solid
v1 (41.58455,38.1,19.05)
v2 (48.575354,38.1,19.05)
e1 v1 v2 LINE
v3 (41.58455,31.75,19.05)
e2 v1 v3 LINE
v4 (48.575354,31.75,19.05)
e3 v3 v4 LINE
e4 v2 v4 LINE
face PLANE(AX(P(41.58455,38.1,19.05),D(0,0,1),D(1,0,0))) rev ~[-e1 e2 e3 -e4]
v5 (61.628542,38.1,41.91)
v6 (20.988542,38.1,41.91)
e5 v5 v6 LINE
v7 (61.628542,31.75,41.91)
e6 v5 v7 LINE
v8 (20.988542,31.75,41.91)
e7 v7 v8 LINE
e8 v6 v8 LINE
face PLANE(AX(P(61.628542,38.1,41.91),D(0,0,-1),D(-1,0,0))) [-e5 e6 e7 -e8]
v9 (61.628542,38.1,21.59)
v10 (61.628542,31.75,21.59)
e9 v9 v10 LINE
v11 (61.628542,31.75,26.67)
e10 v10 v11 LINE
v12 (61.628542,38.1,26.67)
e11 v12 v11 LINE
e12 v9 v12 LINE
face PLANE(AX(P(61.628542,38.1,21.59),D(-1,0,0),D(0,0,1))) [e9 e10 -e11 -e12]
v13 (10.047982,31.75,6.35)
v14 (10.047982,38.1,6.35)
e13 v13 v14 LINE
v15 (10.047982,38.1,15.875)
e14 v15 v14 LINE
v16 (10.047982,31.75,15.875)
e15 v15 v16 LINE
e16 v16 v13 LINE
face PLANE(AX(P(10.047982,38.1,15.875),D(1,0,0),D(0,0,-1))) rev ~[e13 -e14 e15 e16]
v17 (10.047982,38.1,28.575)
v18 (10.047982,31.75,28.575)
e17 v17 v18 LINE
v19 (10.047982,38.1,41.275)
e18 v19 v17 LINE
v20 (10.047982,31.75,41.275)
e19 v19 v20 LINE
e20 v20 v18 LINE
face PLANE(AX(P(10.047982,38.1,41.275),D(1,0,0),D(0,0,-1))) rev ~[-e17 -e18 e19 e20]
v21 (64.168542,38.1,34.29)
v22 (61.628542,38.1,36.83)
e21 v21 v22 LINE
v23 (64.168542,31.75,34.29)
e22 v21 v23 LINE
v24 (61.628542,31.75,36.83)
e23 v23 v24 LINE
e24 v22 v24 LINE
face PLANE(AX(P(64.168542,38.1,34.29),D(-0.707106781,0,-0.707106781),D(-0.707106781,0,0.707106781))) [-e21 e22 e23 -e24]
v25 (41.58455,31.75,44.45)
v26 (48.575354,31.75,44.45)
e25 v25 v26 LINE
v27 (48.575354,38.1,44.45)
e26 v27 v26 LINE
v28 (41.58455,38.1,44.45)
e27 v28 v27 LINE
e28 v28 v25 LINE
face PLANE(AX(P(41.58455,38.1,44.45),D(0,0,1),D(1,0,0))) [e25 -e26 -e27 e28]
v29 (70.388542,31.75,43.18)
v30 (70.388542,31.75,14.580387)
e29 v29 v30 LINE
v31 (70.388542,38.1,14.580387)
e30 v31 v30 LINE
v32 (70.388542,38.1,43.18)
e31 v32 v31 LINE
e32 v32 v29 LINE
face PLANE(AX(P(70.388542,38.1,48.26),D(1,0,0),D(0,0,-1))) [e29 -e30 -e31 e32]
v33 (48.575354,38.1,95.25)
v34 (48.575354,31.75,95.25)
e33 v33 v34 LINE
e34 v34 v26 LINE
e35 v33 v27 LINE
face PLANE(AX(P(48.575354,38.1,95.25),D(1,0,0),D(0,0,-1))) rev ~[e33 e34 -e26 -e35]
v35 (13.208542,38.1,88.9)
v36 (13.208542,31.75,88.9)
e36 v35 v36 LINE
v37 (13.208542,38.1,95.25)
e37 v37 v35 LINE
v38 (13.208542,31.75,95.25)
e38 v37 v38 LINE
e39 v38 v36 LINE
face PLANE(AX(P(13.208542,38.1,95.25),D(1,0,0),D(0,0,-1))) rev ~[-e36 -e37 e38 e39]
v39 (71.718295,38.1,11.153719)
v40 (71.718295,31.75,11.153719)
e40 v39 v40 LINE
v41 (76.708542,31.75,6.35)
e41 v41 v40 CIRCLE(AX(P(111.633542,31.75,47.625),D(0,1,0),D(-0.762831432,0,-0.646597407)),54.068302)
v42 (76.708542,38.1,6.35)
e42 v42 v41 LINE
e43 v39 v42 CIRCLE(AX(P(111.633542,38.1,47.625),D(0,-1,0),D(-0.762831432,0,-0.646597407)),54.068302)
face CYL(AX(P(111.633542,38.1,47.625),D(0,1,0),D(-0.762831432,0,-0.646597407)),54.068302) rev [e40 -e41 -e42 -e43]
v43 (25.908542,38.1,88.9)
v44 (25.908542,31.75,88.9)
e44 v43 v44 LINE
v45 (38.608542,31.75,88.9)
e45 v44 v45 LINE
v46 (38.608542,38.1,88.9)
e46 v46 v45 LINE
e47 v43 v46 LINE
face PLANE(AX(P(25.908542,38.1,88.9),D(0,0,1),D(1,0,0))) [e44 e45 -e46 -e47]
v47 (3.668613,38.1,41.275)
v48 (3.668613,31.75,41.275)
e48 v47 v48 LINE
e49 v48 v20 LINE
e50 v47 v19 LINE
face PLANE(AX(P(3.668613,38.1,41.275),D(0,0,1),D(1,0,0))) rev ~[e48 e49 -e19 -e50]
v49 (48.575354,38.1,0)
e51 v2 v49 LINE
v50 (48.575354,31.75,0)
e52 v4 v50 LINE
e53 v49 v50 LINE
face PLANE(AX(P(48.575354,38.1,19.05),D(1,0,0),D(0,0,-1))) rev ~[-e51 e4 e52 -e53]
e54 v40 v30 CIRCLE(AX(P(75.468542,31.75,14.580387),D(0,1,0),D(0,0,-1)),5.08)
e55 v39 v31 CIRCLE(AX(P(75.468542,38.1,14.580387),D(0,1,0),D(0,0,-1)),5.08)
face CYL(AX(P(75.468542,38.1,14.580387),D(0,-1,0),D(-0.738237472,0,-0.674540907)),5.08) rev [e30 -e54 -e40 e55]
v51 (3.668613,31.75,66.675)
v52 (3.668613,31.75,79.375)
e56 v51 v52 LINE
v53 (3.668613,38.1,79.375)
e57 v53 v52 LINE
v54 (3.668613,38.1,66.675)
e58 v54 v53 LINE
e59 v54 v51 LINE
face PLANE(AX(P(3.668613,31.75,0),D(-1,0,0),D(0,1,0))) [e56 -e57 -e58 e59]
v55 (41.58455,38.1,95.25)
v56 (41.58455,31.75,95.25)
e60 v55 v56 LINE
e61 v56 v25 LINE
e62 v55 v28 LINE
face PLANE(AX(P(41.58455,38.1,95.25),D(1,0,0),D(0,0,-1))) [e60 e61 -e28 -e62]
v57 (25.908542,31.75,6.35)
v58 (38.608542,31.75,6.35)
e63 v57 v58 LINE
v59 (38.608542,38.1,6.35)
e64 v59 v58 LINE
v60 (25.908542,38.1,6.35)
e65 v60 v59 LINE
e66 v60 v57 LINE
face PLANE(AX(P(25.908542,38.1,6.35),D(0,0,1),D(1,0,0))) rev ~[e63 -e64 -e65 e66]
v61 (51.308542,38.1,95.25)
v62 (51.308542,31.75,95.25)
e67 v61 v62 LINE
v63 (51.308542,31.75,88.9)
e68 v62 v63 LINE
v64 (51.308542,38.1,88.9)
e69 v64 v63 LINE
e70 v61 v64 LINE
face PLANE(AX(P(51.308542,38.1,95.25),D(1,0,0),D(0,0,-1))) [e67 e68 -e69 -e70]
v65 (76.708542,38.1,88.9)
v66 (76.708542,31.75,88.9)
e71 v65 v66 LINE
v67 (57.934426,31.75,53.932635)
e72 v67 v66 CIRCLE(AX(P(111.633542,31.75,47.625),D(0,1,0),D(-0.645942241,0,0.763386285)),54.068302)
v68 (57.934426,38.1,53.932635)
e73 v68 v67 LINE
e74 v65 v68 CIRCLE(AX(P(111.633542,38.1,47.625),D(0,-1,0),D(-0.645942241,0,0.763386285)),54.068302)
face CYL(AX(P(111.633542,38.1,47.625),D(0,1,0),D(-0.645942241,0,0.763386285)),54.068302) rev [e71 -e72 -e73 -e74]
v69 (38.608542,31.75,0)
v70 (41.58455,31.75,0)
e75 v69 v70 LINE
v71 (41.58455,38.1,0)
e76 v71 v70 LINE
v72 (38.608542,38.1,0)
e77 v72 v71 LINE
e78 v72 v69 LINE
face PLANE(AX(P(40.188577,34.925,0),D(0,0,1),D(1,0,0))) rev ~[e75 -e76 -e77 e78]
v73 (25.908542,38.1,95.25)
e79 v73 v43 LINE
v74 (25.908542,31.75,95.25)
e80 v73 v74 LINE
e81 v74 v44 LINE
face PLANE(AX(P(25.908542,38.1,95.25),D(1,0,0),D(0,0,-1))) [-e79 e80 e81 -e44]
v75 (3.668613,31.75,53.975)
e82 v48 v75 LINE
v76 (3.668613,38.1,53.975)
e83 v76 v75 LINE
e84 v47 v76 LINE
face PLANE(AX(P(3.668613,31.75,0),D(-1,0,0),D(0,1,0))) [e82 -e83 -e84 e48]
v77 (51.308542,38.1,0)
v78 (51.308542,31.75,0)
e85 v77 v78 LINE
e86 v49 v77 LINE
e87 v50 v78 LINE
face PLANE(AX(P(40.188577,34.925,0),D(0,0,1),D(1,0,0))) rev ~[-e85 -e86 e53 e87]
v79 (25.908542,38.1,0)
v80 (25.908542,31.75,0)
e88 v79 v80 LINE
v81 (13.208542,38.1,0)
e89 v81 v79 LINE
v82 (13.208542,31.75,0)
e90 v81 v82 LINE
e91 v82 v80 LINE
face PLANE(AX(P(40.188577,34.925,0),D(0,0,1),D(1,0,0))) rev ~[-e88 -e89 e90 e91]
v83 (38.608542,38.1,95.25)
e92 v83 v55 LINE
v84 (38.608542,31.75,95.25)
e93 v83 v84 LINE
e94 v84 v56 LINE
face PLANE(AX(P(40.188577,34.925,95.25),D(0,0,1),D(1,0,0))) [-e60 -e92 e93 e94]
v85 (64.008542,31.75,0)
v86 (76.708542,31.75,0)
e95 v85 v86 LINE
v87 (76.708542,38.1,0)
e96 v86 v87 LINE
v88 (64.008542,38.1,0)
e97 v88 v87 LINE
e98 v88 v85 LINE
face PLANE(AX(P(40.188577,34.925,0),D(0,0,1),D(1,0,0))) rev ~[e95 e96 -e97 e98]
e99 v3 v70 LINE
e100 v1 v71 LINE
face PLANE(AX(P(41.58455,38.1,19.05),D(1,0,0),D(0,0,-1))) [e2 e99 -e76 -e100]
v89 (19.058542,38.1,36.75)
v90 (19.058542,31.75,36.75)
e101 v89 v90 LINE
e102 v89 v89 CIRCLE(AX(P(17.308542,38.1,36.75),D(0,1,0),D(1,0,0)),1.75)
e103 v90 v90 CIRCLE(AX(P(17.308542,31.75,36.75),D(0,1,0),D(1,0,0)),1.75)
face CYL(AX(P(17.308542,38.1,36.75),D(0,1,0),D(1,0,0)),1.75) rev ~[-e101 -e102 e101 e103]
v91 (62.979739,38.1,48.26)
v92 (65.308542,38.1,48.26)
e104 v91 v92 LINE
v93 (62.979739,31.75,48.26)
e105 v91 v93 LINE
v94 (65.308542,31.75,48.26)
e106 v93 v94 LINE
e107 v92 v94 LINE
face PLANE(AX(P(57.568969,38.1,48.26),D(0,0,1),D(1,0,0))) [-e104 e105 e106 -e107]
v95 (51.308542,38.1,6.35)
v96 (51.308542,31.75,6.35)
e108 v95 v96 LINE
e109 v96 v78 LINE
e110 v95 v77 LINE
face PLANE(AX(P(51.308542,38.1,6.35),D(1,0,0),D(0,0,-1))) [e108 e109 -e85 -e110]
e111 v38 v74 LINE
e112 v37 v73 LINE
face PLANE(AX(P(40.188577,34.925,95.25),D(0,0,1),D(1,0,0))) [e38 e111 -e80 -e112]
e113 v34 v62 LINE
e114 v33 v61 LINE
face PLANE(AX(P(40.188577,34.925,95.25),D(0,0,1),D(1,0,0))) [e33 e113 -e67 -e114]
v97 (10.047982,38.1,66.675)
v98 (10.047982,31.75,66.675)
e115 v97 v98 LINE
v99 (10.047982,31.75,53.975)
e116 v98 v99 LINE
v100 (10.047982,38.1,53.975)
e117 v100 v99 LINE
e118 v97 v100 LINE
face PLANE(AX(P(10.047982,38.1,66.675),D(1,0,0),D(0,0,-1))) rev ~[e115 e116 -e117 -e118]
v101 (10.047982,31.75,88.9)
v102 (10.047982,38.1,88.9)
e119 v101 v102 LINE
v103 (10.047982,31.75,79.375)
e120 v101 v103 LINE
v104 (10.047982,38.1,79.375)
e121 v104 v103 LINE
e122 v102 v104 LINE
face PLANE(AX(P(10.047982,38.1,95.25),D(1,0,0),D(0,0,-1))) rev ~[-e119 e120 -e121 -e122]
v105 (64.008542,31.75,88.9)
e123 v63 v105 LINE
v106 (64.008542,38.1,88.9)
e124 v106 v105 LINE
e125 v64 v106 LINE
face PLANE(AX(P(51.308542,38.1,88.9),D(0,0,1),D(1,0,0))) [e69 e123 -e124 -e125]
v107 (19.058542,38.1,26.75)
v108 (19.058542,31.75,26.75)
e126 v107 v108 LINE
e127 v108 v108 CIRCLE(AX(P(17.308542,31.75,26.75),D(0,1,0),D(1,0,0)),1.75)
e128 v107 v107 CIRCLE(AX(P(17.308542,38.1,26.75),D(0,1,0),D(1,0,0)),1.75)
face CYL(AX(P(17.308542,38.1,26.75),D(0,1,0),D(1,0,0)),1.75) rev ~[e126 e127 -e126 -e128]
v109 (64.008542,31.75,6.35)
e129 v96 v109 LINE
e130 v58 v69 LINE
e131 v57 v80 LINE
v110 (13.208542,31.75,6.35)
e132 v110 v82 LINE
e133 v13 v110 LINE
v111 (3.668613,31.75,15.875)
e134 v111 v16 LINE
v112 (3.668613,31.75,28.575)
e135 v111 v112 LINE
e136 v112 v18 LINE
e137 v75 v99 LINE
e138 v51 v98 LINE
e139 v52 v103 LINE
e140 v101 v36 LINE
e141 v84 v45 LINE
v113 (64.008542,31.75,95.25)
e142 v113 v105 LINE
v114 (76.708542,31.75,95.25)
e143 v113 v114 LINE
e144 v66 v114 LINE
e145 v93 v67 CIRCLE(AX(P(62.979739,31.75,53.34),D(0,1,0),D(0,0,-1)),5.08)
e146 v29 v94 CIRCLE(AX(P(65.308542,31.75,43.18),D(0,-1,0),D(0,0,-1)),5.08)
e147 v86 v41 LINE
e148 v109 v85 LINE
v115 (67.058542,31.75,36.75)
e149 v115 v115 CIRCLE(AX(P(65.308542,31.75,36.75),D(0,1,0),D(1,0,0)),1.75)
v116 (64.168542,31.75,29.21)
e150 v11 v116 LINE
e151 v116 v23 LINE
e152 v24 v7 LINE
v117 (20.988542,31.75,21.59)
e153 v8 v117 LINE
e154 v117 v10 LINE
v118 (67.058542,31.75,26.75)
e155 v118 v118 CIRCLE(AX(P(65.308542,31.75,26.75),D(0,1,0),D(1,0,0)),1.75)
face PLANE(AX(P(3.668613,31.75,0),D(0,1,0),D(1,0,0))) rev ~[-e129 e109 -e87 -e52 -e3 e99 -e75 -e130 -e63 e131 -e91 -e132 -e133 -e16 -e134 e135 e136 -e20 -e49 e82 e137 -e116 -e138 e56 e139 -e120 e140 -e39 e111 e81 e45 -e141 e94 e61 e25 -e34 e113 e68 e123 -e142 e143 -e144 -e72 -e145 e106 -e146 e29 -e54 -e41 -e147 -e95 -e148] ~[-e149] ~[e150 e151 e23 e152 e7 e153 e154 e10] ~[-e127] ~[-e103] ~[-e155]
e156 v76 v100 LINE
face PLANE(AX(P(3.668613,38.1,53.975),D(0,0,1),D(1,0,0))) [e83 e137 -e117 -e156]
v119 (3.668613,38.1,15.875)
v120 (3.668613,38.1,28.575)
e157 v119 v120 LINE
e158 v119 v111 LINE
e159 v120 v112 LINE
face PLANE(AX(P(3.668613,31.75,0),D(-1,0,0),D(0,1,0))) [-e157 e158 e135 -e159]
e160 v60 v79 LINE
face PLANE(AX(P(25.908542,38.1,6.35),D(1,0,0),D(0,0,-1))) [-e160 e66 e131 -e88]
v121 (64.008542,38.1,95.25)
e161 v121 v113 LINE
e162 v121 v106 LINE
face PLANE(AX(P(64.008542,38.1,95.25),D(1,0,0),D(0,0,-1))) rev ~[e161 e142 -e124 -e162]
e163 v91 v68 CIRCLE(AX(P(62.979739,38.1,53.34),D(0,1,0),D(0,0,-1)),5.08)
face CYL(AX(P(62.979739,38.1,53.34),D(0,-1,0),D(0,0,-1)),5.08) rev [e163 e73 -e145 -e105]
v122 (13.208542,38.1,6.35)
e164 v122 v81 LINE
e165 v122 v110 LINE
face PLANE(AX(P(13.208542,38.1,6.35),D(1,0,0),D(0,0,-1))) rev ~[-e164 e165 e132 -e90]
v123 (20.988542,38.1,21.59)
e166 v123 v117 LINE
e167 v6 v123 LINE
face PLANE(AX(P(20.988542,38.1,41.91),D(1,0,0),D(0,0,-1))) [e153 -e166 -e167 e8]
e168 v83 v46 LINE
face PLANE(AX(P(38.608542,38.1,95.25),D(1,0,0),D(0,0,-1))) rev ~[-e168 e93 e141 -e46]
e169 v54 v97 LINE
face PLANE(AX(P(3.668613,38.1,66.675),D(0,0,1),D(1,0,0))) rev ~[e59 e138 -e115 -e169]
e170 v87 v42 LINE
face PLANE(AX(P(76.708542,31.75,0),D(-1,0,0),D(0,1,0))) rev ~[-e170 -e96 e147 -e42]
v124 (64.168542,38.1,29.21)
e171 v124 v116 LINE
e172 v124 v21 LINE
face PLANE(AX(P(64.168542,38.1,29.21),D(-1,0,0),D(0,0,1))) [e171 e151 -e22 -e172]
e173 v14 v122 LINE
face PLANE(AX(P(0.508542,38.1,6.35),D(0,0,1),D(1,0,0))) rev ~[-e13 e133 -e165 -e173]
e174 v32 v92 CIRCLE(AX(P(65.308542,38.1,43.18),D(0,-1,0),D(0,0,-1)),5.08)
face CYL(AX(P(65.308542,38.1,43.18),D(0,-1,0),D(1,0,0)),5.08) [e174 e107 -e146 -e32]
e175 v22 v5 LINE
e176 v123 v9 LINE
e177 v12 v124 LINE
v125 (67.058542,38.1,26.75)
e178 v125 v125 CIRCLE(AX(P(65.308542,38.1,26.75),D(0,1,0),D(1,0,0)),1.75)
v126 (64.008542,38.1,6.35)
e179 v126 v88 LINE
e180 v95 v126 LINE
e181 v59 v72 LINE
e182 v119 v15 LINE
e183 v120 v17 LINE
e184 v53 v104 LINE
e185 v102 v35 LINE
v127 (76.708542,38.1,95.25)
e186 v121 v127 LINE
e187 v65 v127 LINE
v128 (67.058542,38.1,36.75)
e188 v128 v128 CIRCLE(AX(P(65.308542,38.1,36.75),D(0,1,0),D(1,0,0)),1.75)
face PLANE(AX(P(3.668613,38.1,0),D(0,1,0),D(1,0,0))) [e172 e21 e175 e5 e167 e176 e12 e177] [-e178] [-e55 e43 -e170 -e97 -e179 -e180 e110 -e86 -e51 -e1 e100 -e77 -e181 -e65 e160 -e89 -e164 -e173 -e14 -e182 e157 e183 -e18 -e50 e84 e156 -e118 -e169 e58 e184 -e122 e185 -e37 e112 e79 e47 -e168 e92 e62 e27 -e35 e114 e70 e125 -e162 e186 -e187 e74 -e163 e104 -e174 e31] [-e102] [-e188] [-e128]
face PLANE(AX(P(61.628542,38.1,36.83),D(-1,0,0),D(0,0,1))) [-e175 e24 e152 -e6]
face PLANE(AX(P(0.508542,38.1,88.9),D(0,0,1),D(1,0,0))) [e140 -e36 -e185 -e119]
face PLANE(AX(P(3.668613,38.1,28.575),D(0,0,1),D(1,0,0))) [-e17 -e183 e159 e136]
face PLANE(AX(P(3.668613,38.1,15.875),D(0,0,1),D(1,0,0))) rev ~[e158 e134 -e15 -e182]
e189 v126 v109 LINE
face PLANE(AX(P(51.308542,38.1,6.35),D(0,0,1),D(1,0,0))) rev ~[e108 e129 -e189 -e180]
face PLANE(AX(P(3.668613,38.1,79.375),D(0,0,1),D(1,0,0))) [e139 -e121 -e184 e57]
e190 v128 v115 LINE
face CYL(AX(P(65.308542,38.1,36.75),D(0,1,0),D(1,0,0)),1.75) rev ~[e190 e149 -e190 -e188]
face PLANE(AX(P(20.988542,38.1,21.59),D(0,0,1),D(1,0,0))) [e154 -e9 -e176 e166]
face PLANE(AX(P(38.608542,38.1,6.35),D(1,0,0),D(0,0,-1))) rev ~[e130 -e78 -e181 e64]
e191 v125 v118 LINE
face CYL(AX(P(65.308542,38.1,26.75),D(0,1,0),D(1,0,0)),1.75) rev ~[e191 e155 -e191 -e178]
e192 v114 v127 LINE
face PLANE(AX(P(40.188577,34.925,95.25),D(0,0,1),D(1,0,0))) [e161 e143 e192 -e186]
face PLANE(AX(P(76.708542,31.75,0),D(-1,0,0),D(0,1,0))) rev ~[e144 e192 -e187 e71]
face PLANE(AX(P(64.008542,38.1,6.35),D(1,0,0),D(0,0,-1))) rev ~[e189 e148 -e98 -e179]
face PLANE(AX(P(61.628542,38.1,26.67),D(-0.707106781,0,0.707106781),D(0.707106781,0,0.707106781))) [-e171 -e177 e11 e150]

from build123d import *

# Parameters (mm, degrees)
SKETCH2_W           = 73.039929049
SKETCH2_H           = 6.35
BOSS_EXTRUDE1_DEPTH = 95.25
SKETCH3_R           = 1.75
CUT_EXTRUDE1_DEPTH  = 7.35
CUT_EXTRUDE2_DEPTH  = 7.35
FILLET1_R           = 5.08
SKETCH8_W           = 6.990804807
SKETCH8_H           = 19.05
SKETCH8_H_2         = 50.8
CUT_EXTRUDE3_DEPTH  = 7.35
SKETCH9_W           = 12.7
SKETCH9_H           = 6.35
CUT_EXTRUDE4_DEPTH  = 7.35
LPATTERN1_COUNT     = 8
LPATTERN1_PITCH     = 25.4
SKETCH10_W          = 6.379369351
SKETCH10_H          = 15.875
SKETCH10_H_2        = 12.7
CUT_EXTRUDE5_DEPTH  = 7.35


with BuildPart() as part:
    # Sketch2 → Boss-Extrude1 (new body)
    with BuildSketch(Plane.XY):
        with Locations((40.188577261, 34.925)):
            Rectangle(SKETCH2_W, SKETCH2_H)
    extrude(amount=BOSS_EXTRUDE1_DEPTH)

    # Sketch3 → Cut-Extrude1 (cut, through all)
    with BuildSketch(Plane(origin=(0, 38.1, 0), x_dir=(1, 0, 0), z_dir=(0, 1, 0))):
        with Locations((17.308541785, -26.75)):
            Circle(SKETCH3_R)
        with Locations((17.308541785, -36.75)):
            Circle(SKETCH3_R)
        with Locations((65.308541785, -36.75)):
            Circle(SKETCH3_R)
        with Locations((65.308541785, -26.75)):
            Circle(SKETCH3_R)
        Polygon((64.168541785, -29.21), (64.168541785, -34.29), (61.628541785, -36.83), (61.628541785, -41.91), (20.988541785, -41.91), (20.988541785, -21.59), (61.628541785, -21.59), (61.628541785, -26.67), align=None)
    extrude(amount=-CUT_EXTRUDE1_DEPTH, mode=Mode.SUBTRACT)

    # Sketch6 → Cut-Extrude2 (cut, through all)
    with BuildSketch(Plane(origin=(0, 38.1, 0), x_dir=(1, 0, 0), z_dir=(0, 1, 0))):
        with BuildLine():
            Line((57.56896905, -48.26), (70.388541785, -48.26))
            Line((70.388541785, -48.26), (70.388541785, -12.664576304))
            ThreePointArc((70.388541785, -12.664576304), (73.417894551, -9.376528703), (76.708541785, -6.35))
            Line((76.708541785, -6.35), (76.708541785, -88.9))
            ThreePointArc((76.708541785, -88.9), (62.718427414, -70.661771391), (57.56896905, -48.26))
        make_face()
    extrude(amount=-CUT_EXTRUDE2_DEPTH, mode=Mode.SUBTRACT)

    # Fillet1
    fillet1_edges = [part.edges().sort_by_distance(p)[0] for p in [
        (57.56896905, 34.925, 48.26),
        (70.388541785, 34.925, 48.26),
        (70.388541785, 34.925, 12.664576304),
    ]]
    fillet(fillet1_edges, radius=FILLET1_R)

    # Sketch8 → Cut-Extrude3 (cut, through all)
    with BuildSketch(Plane(origin=(0, 38.1, 0), x_dir=(1, 0, 0), z_dir=(0, 1, 0))):
        with Locations((45.079952064, -9.525)):
            Rectangle(SKETCH8_W, SKETCH8_H)
        with Locations((45.079952064, -69.85)):
            Rectangle(SKETCH8_W, SKETCH8_H_2)
    extrude(amount=-CUT_EXTRUDE3_DEPTH, mode=Mode.SUBTRACT)

    # Sketch9 → Cut-Extrude4 (cut, through all)
    with BuildSketch(Plane(origin=(0, 38.1, 0), x_dir=(1, 0, 0), z_dir=(0, 1, 0))):
        with Locations((57.658541785, -3.175)):
            Rectangle(SKETCH9_W, SKETCH9_H)
        with Locations((57.658541785, -92.075)):
            Rectangle(SKETCH9_W, SKETCH9_H)
    cut_extrude4 = extrude(amount=-CUT_EXTRUDE4_DEPTH, mode=Mode.SUBTRACT)

    # LPattern1: Cut-Extrude4 ×8
    with Locations(*[(-i * LPATTERN1_PITCH, 0, 0) for i in range(1, LPATTERN1_COUNT)]):
        add(cut_extrude4, mode=Mode.SUBTRACT)

    # Sketch10 → Cut-Extrude5 (cut, through all)
    with BuildSketch(Plane(origin=(0, 38.1, 0), x_dir=(1, 0, 0), z_dir=(0, 1, 0))):
        with Locations((6.858297412, -7.9375)):
            Rectangle(SKETCH10_W, SKETCH10_H)
        with Locations((6.858297412, -87.3125)):
            Rectangle(SKETCH10_W, SKETCH10_H)
        with Locations((6.858297412, -60.325)):
            Rectangle(SKETCH10_W, SKETCH10_H_2)
        with Locations((6.858297412, -34.925)):
            Rectangle(SKETCH10_W, SKETCH10_H_2)
    extrude(amount=-CUT_EXTRUDE5_DEPTH, mode=Mode.SUBTRACT)


solid = part.part
